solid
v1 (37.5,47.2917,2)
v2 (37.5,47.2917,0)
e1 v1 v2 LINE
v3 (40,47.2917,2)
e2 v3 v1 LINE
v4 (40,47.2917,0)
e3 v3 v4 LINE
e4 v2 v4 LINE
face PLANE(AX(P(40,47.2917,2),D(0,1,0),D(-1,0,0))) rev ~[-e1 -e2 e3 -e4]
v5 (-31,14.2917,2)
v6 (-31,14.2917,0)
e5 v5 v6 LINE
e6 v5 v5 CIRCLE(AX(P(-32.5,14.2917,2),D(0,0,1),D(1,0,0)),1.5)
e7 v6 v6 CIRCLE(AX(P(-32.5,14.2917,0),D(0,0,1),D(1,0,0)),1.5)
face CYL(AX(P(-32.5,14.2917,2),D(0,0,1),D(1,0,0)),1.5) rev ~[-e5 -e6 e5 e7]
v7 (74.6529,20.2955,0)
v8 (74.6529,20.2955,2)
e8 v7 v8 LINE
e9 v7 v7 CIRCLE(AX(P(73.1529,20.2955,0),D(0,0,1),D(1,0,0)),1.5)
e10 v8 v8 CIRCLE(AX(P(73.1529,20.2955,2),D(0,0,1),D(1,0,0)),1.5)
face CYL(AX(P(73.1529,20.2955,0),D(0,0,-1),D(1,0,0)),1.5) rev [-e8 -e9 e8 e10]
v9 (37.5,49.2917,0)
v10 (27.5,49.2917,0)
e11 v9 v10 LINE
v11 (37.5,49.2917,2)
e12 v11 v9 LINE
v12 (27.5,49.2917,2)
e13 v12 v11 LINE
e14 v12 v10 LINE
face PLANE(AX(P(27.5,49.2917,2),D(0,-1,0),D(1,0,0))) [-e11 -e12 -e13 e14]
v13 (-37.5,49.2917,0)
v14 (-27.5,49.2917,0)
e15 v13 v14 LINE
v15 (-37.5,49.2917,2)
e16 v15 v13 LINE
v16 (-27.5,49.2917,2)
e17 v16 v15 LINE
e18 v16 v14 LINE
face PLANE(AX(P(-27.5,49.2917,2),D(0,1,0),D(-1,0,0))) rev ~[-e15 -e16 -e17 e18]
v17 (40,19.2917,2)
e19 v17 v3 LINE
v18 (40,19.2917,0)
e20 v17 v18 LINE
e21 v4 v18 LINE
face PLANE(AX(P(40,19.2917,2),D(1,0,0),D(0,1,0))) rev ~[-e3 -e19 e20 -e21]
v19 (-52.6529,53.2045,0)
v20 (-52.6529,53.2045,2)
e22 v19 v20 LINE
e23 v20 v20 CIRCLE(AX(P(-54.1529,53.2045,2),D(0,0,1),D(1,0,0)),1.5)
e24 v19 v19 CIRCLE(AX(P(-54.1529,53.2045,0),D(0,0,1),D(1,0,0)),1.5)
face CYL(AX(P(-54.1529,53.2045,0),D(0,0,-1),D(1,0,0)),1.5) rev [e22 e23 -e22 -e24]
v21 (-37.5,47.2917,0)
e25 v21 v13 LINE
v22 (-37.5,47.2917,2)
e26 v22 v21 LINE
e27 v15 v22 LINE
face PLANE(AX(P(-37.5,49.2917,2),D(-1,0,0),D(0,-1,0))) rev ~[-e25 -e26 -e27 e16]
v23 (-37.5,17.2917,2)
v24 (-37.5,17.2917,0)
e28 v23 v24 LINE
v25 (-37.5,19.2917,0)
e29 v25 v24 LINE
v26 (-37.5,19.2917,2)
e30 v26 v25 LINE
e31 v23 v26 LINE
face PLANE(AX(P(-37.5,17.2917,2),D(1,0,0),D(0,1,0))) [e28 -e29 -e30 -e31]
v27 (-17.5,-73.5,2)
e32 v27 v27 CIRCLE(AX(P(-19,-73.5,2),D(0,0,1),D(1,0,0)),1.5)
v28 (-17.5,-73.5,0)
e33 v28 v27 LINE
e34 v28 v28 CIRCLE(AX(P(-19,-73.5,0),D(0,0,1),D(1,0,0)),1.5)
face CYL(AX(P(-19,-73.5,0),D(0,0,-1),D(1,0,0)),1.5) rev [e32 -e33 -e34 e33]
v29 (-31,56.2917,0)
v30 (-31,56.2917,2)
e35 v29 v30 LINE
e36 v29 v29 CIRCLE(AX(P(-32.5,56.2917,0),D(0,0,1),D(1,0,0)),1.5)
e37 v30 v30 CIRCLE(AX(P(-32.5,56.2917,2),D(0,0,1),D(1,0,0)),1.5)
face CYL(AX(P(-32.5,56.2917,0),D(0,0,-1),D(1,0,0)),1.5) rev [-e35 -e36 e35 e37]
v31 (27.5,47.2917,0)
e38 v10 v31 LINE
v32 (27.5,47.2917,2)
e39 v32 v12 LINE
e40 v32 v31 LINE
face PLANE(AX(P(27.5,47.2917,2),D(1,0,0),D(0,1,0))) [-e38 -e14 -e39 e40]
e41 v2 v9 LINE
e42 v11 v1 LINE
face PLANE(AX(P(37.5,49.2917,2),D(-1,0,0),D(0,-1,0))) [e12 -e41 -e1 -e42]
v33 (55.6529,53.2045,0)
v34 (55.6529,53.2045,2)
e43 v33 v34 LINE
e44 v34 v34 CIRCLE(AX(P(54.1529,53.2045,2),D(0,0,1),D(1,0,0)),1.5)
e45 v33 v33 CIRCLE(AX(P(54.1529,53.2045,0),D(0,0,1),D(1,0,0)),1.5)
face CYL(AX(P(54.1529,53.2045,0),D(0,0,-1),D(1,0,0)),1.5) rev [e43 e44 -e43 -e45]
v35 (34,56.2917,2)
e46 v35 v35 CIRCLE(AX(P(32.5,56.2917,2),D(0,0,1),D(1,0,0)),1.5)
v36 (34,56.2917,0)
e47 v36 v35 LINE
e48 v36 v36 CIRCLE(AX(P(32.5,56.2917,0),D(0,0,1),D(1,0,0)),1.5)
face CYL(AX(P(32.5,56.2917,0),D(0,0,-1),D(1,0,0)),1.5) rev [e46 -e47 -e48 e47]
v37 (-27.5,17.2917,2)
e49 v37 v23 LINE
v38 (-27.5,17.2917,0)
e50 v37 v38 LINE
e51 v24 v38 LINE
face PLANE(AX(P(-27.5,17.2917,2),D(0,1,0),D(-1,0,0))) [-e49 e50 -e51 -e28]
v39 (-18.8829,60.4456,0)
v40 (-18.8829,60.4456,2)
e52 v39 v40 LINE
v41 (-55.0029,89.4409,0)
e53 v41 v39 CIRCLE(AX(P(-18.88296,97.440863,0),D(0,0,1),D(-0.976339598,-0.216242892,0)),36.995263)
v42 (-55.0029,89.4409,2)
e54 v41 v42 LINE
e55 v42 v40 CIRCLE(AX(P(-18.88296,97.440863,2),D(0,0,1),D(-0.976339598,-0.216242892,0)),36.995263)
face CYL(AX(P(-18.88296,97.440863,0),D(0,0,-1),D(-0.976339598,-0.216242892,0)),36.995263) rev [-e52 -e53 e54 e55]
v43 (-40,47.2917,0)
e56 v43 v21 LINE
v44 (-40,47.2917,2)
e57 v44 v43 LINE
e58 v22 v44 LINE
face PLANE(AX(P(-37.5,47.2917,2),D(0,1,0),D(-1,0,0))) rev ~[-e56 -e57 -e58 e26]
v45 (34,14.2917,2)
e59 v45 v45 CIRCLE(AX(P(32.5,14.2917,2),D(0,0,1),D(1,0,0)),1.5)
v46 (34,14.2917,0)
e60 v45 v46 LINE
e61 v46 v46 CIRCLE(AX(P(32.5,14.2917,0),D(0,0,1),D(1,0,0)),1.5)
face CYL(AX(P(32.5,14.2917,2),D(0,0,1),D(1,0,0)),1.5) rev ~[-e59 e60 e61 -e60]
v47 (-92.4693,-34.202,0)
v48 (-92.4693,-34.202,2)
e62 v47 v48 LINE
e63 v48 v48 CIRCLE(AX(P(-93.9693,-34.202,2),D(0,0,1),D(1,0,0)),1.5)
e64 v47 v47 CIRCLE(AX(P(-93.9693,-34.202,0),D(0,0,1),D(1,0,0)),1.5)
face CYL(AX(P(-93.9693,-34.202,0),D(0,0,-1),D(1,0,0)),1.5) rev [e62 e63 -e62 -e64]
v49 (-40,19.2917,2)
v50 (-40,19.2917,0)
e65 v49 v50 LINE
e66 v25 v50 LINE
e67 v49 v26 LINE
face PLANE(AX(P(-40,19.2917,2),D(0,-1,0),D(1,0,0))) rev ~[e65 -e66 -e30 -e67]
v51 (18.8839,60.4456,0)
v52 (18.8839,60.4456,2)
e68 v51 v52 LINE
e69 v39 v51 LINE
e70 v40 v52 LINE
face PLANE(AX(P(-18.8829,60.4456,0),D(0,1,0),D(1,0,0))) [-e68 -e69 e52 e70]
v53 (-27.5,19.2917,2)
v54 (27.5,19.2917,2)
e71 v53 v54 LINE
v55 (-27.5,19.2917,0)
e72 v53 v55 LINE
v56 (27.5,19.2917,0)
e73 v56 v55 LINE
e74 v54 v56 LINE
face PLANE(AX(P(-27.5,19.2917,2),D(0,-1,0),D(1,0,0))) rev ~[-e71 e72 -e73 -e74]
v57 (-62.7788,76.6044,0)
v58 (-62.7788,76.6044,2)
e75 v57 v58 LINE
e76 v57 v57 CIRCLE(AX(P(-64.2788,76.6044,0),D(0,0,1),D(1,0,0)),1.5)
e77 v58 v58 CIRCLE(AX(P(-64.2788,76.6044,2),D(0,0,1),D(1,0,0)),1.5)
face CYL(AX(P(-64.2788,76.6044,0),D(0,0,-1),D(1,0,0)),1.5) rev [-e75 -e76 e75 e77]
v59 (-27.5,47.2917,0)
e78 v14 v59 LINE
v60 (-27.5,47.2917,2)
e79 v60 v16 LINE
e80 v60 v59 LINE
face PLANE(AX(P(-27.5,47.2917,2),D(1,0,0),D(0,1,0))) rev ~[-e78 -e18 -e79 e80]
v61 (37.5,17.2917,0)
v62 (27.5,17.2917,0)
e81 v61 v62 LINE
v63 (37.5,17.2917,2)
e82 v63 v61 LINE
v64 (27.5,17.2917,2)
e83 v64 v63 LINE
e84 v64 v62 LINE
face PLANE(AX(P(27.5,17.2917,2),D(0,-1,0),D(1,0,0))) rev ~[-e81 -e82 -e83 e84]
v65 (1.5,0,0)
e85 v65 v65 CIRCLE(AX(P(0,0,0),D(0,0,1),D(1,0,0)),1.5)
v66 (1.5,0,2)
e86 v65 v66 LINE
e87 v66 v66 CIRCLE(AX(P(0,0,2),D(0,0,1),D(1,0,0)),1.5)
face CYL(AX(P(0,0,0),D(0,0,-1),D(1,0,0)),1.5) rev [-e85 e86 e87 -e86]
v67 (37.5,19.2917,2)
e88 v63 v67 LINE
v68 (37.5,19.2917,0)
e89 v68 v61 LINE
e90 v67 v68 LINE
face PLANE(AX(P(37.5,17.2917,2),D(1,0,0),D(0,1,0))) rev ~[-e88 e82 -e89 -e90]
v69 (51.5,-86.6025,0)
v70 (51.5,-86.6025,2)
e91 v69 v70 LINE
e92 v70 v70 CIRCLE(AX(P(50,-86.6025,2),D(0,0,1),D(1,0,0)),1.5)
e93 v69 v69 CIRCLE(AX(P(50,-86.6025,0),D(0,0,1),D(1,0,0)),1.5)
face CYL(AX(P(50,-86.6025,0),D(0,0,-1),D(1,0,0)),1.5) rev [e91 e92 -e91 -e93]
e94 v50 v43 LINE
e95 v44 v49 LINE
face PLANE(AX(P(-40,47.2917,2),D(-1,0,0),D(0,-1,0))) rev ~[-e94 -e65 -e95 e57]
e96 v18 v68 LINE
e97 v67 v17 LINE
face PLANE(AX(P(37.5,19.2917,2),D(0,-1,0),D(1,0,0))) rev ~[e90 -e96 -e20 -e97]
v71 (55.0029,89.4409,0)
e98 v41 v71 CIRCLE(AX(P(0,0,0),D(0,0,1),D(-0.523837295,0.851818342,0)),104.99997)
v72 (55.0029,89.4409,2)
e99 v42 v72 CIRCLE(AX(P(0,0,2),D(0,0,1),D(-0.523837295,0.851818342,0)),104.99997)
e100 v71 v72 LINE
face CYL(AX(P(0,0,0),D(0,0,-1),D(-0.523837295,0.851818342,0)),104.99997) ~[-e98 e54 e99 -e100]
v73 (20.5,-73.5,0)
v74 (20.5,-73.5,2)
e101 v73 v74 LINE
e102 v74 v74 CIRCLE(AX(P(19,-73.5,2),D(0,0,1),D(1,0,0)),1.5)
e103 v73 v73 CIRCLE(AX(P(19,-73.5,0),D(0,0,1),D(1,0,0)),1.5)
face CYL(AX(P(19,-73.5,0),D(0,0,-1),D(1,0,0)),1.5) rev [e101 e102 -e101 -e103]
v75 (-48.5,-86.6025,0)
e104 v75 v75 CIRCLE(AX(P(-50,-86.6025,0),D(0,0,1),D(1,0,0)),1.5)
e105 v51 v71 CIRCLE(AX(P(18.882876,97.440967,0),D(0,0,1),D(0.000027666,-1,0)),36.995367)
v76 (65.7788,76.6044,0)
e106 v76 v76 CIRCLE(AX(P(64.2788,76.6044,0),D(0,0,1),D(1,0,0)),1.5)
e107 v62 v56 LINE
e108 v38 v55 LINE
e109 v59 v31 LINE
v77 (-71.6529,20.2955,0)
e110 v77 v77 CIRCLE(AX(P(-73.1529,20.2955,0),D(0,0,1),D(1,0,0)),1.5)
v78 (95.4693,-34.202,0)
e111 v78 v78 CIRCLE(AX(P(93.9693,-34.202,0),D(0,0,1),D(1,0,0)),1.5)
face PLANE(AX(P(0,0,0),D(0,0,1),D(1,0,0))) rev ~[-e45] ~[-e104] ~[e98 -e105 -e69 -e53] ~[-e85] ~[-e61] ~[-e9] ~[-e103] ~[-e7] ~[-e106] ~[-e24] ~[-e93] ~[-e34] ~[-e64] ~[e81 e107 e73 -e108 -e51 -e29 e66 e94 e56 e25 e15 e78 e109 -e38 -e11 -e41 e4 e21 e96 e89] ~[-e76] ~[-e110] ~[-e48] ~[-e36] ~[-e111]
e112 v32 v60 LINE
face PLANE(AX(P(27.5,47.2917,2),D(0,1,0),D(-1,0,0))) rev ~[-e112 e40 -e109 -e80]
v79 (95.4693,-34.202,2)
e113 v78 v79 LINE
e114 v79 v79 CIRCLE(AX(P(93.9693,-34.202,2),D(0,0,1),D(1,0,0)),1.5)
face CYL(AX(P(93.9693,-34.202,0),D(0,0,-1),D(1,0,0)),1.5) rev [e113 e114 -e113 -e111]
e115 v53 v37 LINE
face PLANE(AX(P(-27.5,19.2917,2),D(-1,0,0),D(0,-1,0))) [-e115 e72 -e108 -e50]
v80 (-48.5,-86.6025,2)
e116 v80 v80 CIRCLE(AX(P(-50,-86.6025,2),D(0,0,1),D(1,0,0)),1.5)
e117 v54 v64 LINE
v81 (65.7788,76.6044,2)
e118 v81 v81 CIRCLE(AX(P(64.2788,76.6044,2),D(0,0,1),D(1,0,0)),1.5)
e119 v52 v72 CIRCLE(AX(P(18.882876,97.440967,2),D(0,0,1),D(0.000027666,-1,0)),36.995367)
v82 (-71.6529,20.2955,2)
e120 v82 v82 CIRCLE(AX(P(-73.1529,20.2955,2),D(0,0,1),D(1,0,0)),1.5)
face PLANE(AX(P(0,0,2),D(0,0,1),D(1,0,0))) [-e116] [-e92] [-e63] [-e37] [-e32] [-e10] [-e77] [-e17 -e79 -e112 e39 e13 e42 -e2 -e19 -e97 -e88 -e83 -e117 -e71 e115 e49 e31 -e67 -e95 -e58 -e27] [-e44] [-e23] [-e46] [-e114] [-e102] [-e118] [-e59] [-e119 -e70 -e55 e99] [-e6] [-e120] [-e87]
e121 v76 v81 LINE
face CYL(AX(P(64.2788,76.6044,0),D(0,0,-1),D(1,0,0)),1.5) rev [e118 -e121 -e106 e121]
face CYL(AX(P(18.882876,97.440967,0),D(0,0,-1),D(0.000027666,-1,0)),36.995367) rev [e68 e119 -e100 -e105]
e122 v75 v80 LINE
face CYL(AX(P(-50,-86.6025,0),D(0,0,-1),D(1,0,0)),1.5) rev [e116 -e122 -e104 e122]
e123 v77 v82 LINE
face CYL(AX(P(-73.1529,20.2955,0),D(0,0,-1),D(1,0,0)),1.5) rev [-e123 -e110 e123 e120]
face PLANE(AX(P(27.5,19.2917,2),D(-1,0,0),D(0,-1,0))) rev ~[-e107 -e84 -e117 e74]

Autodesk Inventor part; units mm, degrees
ref_plane "YZ Plane" through (0, 0, 0) normal (1, 0, 0) x (0, 1, 0)
ref_plane "XZ Plane" through (0, 0, 0) normal (0, 1, 0) x (-1, 0, 0)
ref_plane "XY Plane" through (0, 0, 0) normal (0, 0, 1) x (1, 0, 0)
sketch "Skizze3" plane through (0, 0, 0) normal (0, 0, 1) x (1, 0, 0)
  arc A0 (-55.0029, 89.4409) -> (55.0029, 89.4409) centre (0, 0) ccw
  line L0 (0, 0) -> (55.0029, 89.4409) construction
  line L1 (0, 0) -> (105, 0) construction
  line L2 (0, 0) -> (-55.0029, 89.4409) construction
  line L3 (-55.0029, 89.4409) -> (-18.8829, 89.4409)
  line L4 (-18.8829, 89.4409) -> (-18.8829, 97.4409)
  arc A1 (-55.0029, 89.4409) -> (-18.8829, 60.4456) centre (-18.8829, 97.4409) ccw
  line L5 (55.0029, 89.4409) -> (18.8829, 89.4409)
  line L6 (18.8829, 89.4409) -> (18.8829, 97.4409)
  arc A2 (18.8839, 60.4456) -> (55.0029, 89.4409) centre (18.8829, 97.4409) ccw
  line L7 (18.8829, 97.4409) -> (18.8839, 60.4456) construction
  line L8 (18.8829, 97.4409) -> (55.0029, 89.4409) construction
  line L9 (-18.8829, 60.4456) -> (18.8839, 60.4456)
  line L10 (0, 0) -> (57.2785, 0) construction
  line L11 (0, 0) -> (57.2785, 0) construction
  line L12 (0, 0) -> (57.279, 0) construction
  line L13 (0, 0) -> (84.4383, 0) construction
  line L14 (0, 0) -> (90, 0) construction
  line L15 (0, 0) -> (90, 0) construction
  line L16 (0, 0) -> (90, 0) construction
  line L17 (0, 0) -> (97, 0) construction
  line L18 (0, 0) -> (97, 0) construction
  line L19 (0, 0) -> (97, 0) construction
  line L20 (0, 0) -> (97, 0) construction
  line L21 (0, 0) -> (100, 0) construction
  circle A3 centre (-93.9693, -34.202) radius 1.5
  line L22 (0, 0) -> (100, 0) construction
  line L23 (0, 0) -> (100, 0) construction
  line L24 (0, 0) -> (100, 0) construction
  circle A4 centre (-50, -86.6025) radius 1.5
  circle A5 centre (93.9693, -34.202) radius 1.5
  circle A6 centre (50, -86.6025) radius 1.5
  line L25 (0, 0) -> (100, 0) construction
  line L26 (0, 0) -> (100, 0) construction
  circle A7 centre (-64.2788, 76.6044) radius 1.5
  circle A8 centre (64.2788, 76.6044) radius 1.5
  line L27 (0, 0) -> (42, 0) construction
  line L28 (0, 0) -> (42, 0) construction
  circle A9 centre (-32.5, 56.2917) radius 1.5
  circle A10 centre (32.5, 56.2917) radius 1.5
  line L29 (-32.5, 56.2917) -> (32.5, 56.2917) construction
  line L30 (-32.5, 56.2917) -> (0, 0) construction
  line L31 (32.5, 56.2917) -> (0, 0) construction
  line L32 (0, 0) -> (0, -73.5) construction
  line L33 (0, -73.5) -> (-19, -73.5) construction
  circle A11 centre (-19, -73.5) radius 1.5
  line L34 (0, 0) -> (-64.2788, 76.6044) construction
  line L35 (0, 0) -> (100, 0) construction
  line L36 (0, 0) -> (64.2788, 76.6044) construction
  line L37 (0, 0) -> (100, 0) construction
  line L38 (0, 0) -> (-93.9693, -34.202) construction
  line L39 (0, 0) -> (100, 0) construction
  line L40 (0, 0) -> (93.9693, -34.202) construction
  line L41 (0, 0) -> (100, 0) construction
  line L42 (0, 0) -> (-50, -86.6025) construction
  line L43 (0, 0) -> (100, 0) construction
  line L44 (0, 0) -> (50, -86.6025) construction
  line L45 (0, 0) -> (100, 0) construction
  circle A12 centre (19, -73.5) radius 1.5
  line L46 (0, 0) -> (63.6529, 36.75) construction
  line L47 (0, 0) -> (73.5, 0) construction
  line L48 (63.6529, 36.75) -> (54.1529, 53.2045) construction
  circle A13 centre (54.1529, 53.2045) radius 1.5
  circle A14 centre (73.1529, 20.2955) radius 1.5
  circle A15 centre (-54.1529, 53.2045) radius 1.5
  circle A16 centre (-73.1529, 20.2955) radius 1.5
  circle A17 centre (0, 0) radius 1.5
  dimension "d22" = 105
  dimension "d23" = 58.41
  dimension "d24" = 63.18
  dimension "d25" = 36.12
  dimension "d26" = 8
  dimension "d27" = 90
  dimension "d28" = 36.12
  dimension "d29" = 8
  dimension "d30" = 90
  dimension "d31" = 77.51
  dimension "d140" = 3
  dimension "d153" = 65
  dimension "d154" = 120
  dimension "d163" = 60
  dimension "d172" = 73.5
  dimension "d173" = 19
  dimension "d174" = 100
  dimension "d175" = 130
  dimension "d176" = 100
  dimension "d177" = 50
  dimension "d178" = 100
  dimension "d179" = 160
  dimension "d180" = 100
  dimension "d181" = 20
  dimension "d182" = 100
  dimension "d183" = 120
  dimension "d184" = 100
  dimension "d185" = 60
  dimension "d186" = 73.5
  dimension "d187" = 30
  dimension "d188" = 19
  dimension "d189" = 3
extrude "Extrusion3" add sketch "Skizze3" along normal blind 2
sketch "Skizze5" plane through (0, 0, 2) normal (0, 0, 1) x (1, 0, 0)
  line L0 (-40, 19.2917) -> (40, 19.2917)
  line L1 (40, 19.2917) -> (40, 47.2917)
  line L2 (40, 47.2917) -> (-40, 47.2917)
  line L3 (-40, 47.2917) -> (-40, 19.2917)
  line L4 (0, 0) -> (0, 47.2917) construction
  line L5 (-37.5, 47.2917) -> (-27.5, 47.2917)
  line L6 (-27.5, 47.2917) -> (-27.5, 49.2917)
  line L7 (-27.5, 49.2917) -> (-37.5, 49.2917)
  line L8 (-37.5, 49.2917) -> (-37.5, 47.2917)
  line L9 (-40, 33.2917) -> (40, 33.2917) construction
  line L10 (-37.5, 19.2917) -> (-27.5, 19.2917)
  line L11 (-27.5, 19.2917) -> (-27.5, 17.2917)
  line L12 (-27.5, 17.2917) -> (-37.5, 17.2917)
  line L13 (-37.5, 17.2917) -> (-37.5, 19.2917)
  line L14 (37.5, 47.2917) -> (27.5, 47.2917)
  line L15 (27.5, 47.2917) -> (27.5, 49.2917)
  line L16 (27.5, 49.2917) -> (37.5, 49.2917)
  line L17 (37.5, 49.2917) -> (37.5, 47.2917)
  line L18 (37.5, 19.2917) -> (27.5, 19.2917)
  line L19 (27.5, 19.2917) -> (27.5, 17.2917)
  line L20 (27.5, 17.2917) -> (37.5, 17.2917)
  line L21 (37.5, 17.2917) -> (37.5, 19.2917)
  circle A0 centre (-32.5, 14.2917) radius 1.5
  circle A1 centre (32.5, 14.2917) radius 1.5
  circle A2 centre (-32.5, 56.2917) radius 1.5 projected
  line L22 (-32.5, 49.2917) -> (-32.5, 56.2917) construction
  dimension "d158" = 80
  dimension "d159" = 28
  dimension "d164" = 10
  dimension "d165" = 2
  dimension "d169" = 3
  dimension "d171" = 7
extrude "Extrusion4" cut sketch "Skizze5" against normal up to next
properties part number "Hauptplatine" material "Kupfer"
